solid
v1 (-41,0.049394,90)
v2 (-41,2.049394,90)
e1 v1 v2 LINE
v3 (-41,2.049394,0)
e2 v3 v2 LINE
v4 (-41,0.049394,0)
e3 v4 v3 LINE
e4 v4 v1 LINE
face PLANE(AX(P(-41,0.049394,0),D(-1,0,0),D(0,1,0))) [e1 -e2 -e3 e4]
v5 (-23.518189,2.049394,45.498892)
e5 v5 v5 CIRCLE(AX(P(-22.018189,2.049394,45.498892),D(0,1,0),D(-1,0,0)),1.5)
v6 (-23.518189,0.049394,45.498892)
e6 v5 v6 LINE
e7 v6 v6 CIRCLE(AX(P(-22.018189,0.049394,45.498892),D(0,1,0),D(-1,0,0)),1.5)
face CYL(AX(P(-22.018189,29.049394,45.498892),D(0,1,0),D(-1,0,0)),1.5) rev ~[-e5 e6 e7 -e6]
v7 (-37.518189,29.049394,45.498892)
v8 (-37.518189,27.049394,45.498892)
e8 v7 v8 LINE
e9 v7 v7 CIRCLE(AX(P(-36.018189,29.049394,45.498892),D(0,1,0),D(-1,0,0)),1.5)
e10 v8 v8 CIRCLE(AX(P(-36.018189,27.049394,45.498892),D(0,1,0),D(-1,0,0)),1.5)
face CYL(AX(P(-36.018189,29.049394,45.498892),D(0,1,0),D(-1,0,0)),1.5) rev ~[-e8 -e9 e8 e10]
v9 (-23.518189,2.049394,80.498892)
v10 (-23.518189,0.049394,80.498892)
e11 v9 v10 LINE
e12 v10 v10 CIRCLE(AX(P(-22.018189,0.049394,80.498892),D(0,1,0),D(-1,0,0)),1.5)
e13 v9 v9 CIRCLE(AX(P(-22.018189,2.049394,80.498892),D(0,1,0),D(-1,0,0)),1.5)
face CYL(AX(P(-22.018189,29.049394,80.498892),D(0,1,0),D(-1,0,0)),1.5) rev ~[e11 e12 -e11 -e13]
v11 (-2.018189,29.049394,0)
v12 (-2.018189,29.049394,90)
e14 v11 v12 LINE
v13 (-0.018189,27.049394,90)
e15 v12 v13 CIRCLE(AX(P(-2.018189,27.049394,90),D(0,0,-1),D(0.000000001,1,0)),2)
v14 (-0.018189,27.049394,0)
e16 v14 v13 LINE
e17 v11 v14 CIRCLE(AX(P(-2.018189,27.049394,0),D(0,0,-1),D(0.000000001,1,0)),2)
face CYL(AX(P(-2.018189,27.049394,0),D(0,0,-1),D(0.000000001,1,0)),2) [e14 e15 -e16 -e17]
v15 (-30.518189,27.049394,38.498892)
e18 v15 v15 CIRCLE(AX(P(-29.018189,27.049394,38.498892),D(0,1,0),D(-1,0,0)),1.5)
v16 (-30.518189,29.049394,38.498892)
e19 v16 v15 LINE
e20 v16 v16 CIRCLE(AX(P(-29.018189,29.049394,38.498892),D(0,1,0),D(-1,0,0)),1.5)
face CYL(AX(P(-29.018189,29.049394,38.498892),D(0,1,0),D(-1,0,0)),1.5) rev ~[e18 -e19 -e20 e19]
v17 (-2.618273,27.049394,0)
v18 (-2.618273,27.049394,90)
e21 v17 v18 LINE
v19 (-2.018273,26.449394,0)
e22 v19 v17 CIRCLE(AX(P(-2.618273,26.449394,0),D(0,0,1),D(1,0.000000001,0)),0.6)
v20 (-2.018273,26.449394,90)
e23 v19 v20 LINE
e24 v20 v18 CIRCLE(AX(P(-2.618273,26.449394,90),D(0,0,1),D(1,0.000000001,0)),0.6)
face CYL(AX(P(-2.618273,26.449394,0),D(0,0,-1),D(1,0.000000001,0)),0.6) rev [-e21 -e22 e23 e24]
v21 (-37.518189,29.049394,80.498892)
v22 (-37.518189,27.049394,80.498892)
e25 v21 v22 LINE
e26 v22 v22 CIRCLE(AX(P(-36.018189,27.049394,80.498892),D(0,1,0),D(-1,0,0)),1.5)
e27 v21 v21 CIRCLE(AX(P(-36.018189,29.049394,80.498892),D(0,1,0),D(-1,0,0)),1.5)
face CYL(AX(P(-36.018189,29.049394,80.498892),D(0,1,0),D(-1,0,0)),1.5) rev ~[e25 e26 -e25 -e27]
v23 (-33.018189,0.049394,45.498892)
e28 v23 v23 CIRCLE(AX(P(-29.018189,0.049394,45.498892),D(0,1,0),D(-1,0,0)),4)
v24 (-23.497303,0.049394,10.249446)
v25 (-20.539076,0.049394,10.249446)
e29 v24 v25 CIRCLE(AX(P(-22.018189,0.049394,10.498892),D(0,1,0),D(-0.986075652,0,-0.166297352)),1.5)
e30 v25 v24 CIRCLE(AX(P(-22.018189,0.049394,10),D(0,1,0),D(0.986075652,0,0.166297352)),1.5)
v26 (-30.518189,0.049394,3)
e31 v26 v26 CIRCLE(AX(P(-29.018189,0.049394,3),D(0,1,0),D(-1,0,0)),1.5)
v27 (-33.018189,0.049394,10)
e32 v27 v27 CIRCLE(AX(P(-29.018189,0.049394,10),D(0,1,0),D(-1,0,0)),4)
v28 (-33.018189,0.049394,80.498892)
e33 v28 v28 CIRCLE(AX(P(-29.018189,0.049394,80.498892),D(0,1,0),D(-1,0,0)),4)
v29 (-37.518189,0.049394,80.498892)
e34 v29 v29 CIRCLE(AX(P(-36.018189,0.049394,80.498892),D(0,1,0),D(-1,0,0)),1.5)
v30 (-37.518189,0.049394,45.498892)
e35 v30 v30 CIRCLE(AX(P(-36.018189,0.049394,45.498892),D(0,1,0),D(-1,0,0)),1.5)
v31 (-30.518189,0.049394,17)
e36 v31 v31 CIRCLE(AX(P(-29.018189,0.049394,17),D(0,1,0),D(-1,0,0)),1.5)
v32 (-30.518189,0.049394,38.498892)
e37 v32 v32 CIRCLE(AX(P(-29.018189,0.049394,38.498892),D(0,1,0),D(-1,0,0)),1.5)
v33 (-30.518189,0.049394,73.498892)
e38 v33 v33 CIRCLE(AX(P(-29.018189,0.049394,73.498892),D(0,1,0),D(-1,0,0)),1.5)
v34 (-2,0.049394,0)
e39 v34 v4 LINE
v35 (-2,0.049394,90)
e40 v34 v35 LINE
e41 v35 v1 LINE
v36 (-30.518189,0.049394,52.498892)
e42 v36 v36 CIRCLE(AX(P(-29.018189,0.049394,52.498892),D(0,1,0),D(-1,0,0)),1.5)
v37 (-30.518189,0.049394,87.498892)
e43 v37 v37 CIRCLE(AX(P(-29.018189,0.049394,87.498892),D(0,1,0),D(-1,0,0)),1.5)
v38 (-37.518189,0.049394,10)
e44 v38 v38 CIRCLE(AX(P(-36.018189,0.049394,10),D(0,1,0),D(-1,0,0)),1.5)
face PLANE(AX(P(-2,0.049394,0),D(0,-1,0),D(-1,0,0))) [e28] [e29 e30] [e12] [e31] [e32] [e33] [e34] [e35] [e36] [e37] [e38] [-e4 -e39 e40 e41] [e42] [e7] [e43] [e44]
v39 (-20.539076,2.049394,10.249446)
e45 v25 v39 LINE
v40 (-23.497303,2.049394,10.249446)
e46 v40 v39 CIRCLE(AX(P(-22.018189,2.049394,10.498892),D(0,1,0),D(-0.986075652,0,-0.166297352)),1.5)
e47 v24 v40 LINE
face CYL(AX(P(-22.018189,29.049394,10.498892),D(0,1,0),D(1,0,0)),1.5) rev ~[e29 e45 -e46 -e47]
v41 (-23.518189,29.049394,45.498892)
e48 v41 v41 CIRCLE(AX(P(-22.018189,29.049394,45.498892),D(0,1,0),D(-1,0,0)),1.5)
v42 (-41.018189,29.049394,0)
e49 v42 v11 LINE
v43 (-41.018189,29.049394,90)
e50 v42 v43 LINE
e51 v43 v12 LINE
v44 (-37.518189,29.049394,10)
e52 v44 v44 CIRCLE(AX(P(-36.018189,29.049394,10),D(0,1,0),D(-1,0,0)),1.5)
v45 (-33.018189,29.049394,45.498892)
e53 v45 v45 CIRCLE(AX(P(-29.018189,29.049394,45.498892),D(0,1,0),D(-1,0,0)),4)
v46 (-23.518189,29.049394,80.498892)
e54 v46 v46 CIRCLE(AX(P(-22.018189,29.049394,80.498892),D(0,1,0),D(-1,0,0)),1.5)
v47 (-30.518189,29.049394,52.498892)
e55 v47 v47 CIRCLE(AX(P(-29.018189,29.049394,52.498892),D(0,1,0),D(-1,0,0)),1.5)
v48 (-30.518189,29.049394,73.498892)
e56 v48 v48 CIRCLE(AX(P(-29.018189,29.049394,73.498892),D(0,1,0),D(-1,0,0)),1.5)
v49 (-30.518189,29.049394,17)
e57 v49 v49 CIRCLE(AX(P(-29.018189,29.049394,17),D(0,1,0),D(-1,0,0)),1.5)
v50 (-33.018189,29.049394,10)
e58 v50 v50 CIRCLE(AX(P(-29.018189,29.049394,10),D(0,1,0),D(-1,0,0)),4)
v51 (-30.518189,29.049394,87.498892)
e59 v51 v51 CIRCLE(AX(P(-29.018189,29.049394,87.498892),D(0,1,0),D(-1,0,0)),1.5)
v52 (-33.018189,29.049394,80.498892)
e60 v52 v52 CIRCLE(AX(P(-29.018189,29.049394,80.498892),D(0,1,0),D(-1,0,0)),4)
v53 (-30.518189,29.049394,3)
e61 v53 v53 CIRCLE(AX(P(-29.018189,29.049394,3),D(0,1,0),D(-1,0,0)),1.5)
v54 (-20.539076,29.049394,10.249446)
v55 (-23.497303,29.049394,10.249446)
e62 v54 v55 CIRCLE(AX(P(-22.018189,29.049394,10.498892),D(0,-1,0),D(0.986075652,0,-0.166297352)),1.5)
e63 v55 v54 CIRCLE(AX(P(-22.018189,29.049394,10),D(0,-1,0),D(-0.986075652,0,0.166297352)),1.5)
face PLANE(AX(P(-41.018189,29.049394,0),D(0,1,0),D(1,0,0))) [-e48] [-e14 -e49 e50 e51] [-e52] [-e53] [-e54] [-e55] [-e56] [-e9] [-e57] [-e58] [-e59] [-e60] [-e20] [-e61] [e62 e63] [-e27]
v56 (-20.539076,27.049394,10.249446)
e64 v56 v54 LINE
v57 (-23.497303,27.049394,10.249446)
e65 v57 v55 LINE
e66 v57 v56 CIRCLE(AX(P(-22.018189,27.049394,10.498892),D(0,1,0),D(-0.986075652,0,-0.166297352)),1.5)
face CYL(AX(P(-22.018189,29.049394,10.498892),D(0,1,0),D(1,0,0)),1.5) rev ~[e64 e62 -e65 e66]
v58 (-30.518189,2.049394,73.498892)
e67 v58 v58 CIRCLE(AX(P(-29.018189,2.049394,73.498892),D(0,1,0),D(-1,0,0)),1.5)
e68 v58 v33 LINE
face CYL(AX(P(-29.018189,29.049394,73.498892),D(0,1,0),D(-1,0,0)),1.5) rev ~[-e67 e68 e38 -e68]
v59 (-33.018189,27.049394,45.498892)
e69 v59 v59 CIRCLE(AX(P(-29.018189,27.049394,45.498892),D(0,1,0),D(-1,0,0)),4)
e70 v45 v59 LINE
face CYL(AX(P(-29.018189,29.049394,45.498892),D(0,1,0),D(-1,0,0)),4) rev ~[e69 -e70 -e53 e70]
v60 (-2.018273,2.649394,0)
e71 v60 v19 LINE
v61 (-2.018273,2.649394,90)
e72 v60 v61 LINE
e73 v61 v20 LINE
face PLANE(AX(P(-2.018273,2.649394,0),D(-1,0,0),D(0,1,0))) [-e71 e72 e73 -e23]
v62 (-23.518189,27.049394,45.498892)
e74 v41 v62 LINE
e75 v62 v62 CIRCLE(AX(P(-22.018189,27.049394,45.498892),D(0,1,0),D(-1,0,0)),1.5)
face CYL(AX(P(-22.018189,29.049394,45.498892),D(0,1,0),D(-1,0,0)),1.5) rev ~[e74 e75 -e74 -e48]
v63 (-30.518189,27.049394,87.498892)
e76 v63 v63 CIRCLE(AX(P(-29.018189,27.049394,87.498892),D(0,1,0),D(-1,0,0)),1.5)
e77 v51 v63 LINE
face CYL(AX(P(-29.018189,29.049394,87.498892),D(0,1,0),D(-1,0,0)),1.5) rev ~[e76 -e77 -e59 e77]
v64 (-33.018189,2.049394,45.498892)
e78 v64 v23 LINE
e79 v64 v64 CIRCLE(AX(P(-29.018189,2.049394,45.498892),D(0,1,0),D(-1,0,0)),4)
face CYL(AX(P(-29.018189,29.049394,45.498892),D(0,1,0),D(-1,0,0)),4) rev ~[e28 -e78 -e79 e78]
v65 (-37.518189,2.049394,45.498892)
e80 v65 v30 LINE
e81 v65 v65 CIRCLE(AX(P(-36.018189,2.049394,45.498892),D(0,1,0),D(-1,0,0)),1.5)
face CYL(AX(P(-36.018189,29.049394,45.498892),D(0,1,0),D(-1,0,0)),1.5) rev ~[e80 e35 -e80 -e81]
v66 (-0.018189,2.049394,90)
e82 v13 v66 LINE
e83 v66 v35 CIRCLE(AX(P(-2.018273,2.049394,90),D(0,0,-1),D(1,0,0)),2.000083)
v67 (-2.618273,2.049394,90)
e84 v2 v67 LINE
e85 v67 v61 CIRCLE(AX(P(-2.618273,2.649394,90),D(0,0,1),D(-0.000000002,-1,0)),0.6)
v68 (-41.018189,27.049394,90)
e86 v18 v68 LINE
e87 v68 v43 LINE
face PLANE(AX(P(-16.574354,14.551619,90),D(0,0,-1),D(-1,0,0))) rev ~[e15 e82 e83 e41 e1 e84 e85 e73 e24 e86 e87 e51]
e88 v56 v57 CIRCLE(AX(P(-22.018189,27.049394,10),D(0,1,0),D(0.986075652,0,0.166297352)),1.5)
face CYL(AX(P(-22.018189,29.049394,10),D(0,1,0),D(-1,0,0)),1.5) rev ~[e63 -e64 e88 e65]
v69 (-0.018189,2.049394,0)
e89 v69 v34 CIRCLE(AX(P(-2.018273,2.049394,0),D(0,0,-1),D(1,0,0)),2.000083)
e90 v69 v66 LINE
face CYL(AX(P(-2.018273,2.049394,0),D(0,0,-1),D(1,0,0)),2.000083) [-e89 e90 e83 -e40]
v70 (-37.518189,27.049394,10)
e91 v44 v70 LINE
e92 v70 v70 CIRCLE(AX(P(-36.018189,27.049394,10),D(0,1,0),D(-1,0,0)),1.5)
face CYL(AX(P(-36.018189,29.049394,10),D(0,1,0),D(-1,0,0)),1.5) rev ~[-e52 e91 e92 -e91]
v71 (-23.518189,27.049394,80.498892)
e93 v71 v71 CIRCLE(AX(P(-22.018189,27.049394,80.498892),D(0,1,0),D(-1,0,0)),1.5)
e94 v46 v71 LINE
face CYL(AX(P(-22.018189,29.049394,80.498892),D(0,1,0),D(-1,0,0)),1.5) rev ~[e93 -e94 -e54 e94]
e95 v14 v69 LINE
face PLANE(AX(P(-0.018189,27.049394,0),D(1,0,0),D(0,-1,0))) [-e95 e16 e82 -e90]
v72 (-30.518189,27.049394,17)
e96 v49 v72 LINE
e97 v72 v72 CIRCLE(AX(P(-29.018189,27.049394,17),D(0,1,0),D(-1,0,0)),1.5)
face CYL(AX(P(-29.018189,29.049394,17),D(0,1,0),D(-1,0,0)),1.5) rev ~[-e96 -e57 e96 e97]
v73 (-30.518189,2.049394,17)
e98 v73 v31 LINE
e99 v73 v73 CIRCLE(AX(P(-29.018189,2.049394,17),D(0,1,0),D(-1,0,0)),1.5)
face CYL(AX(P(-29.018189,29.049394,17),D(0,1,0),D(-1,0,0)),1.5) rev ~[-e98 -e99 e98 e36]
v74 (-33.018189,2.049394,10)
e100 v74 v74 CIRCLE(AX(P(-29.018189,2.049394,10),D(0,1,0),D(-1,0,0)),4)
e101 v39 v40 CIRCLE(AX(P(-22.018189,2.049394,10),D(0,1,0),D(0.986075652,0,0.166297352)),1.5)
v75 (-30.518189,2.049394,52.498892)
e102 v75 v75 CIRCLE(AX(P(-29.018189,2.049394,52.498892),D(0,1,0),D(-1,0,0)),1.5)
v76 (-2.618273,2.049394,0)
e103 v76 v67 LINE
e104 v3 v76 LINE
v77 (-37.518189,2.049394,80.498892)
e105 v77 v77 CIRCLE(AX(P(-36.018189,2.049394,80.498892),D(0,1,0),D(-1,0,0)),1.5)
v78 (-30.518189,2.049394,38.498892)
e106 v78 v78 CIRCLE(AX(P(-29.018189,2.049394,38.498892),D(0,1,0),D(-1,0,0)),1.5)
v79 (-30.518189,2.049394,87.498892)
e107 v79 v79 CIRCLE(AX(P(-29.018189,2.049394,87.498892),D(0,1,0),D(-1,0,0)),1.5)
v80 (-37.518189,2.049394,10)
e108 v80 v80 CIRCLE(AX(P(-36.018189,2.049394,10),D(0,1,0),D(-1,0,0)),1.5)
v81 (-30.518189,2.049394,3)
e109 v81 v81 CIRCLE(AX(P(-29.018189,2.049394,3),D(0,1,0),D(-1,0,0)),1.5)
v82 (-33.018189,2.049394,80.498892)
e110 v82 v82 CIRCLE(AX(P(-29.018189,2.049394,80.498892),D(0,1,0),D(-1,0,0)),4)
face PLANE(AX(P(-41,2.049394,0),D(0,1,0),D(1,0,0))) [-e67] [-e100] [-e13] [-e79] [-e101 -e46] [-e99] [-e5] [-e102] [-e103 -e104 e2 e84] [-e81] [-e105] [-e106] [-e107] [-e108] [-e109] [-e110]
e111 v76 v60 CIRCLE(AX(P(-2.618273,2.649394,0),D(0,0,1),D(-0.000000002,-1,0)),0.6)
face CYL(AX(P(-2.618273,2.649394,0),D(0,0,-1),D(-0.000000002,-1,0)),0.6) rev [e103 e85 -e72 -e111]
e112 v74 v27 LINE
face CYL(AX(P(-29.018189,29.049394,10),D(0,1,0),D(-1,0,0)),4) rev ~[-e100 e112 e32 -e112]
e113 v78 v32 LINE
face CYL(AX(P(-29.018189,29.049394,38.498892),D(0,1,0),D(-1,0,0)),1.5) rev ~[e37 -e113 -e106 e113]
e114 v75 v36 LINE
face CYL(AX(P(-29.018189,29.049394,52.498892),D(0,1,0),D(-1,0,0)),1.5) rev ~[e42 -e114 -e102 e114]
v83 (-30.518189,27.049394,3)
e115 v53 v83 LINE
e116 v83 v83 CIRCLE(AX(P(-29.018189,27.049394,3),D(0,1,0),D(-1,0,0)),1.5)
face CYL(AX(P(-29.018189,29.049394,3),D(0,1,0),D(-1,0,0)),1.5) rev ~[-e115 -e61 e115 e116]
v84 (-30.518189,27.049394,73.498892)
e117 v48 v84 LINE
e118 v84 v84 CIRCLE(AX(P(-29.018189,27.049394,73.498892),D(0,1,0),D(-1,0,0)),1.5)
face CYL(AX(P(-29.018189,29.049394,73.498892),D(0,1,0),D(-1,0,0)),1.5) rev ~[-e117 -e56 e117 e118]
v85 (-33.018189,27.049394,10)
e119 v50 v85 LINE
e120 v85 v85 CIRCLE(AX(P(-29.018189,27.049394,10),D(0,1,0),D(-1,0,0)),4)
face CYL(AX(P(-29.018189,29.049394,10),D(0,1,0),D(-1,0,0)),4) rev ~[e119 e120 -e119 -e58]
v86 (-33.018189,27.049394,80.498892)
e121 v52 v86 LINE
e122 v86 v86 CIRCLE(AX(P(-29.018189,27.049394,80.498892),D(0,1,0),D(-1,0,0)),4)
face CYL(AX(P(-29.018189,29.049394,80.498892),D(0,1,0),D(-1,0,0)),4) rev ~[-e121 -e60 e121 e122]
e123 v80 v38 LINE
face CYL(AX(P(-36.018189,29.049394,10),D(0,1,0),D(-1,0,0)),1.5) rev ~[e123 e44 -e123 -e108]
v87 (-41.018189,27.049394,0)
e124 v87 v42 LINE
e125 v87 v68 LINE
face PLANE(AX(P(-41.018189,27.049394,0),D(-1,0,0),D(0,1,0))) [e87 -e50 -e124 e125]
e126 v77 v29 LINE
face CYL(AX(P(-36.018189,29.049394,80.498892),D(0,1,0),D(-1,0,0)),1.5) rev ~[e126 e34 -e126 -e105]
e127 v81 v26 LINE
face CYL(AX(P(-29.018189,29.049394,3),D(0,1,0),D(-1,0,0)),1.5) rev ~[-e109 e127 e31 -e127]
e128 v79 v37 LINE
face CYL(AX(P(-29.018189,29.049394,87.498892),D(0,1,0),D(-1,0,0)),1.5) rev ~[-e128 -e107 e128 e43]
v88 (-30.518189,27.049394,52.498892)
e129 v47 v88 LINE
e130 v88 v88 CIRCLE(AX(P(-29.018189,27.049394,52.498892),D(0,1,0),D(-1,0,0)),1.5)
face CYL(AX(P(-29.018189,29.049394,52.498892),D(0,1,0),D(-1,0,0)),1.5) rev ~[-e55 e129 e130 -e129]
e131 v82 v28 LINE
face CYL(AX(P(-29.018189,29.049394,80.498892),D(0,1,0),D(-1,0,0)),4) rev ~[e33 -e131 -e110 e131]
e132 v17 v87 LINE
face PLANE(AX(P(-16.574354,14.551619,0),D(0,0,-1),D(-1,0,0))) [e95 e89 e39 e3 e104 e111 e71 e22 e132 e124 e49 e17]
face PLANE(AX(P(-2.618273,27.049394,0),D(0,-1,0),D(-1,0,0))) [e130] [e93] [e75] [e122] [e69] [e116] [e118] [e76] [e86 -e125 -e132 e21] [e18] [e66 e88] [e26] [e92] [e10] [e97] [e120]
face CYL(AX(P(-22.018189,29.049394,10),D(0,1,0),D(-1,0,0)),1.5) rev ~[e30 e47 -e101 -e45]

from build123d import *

# Parameters (mm, degrees)
BOSS_EXTRUDE1_DEPTH = 90
SKETCH4_R           = 1.5
SKETCH4_R_2         = 4
CUT_EXTRUDE1_DEPTH  = 31
SKETCH6_R           = 4
SKETCH6_R_2         = 1.5
CUT_EXTRUDE2_DEPTH  = 31


with BuildPart() as part:
    # Sketch3 → Boss-Extrude1 (new body)
    with BuildSketch(Plane.XY):
        with BuildLine():
            Line((-2, 0.049393959), (-41, 0.049393959))
            Line((-41, 0.049393959), (-41, 2.049393959))
            Line((-41, 2.049393959), (-2.618272552, 2.049393959))
            ThreePointArc((-2.618272552, 2.049393959), (-2.194008483, 2.22512989), (-2.018272552, 2.649393959))
            Line((-2.018272552, 2.649393959), (-2.018272552, 26.449393959))
            ThreePointArc((-2.018272552, 26.449393959), (-2.194008483, 26.873658027), (-2.618272552, 27.049393959))
            Line((-2.618272552, 27.049393959), (-41.018189082, 27.049393959))
            Line((-41.018189082, 27.049393959), (-41.018189082, 29.049393959))
            Line((-41.018189082, 29.049393959), (-2.018189082, 29.049393959))
            ThreePointArc((-2.018189082, 29.049393959), (-0.60397552, 28.463607521), (-0.018189082, 27.049393959))
            Line((-0.018189082, 27.049393959), (-0.018189082, 2.049393959))
            ThreePointArc((-0.018189082, 2.049393959), (-0.597554333, 0.64159652), (-2, 0.049393959))
        make_face()
    extrude(amount=BOSS_EXTRUDE1_DEPTH)

    # Sketch4 → Cut-Extrude1 (cut)
    with BuildSketch(Plane(origin=(0, 29.049393959, 0), x_dir=(1, 0, 0), z_dir=(0, 1, 0))):
        with Locations(Location((-29.018189082, -3, 0), (0, 0, 180))):
            Circle(SKETCH4_R)
        with Locations(Location((-36.018189082, -10, 0), (0, 0, 180))):
            Circle(SKETCH4_R)
        with Locations(Location((-29.018189082, -10, 0), (0, 0, 180))):
            Circle(SKETCH4_R_2)
        with Locations(Location((-22.018189082, -10, 0), (0, 0, 180))):
            Circle(SKETCH4_R)
        with Locations(Location((-29.018189082, -17, 0), (0, 0, 180))):
            Circle(SKETCH4_R)
    extrude(amount=-CUT_EXTRUDE1_DEPTH, mode=Mode.SUBTRACT)

    # Sketch6 → Cut-Extrude2 (cut)
    with BuildSketch(Plane(origin=(0, 29.049393959, 0), x_dir=(1, 0, 0), z_dir=(0, 1, 0))):
        with Locations(Location((-29.018189082, -45.498892055, 0), (0, 0, 180))):
            Circle(SKETCH6_R)
        with Locations(Location((-29.018189082, -80.498892055, 0), (0, 0, 180))):
            Circle(SKETCH6_R)
        with Locations(Location((-36.018189082, -45.498892055, 0), (0, 0, 180))):
            Circle(SKETCH6_R_2)
        with Locations(Location((-36.018189082, -80.498892055, 0), (0, 0, 180))):
            Circle(SKETCH6_R_2)
        with Locations((5.981810918, -52.498892055)):
            Circle(SKETCH6_R_2)
        with Locations(Location((-29.018189082, -52.498892055, 0), (0, 0, 180))):
            Circle(SKETCH6_R_2)
        with Locations((-22.018189082, -10.498892055)):
            Circle(SKETCH6_R_2)
        with Locations(Location((-22.018189082, -45.498892055, 0), (0, 0, 180))):
            Circle(SKETCH6_R_2)
        with Locations((-64.018189082, -38.498892055)):
            Circle(SKETCH6_R_2)
        with Locations(Location((-29.018189082, -38.498892055, 0), (0, 0, 180))):
            Circle(SKETCH6_R_2)
        with Locations(Location((-29.018189082, -73.498892055, 0), (0, 0, 180))):
            Circle(SKETCH6_R_2)
        with Locations(Location((-22.018189082, -80.498892055, 0), (0, 0, 180))):
            Circle(SKETCH6_R_2)
        with Locations(Location((-29.018189082, -87.498892055, 0), (0, 0, 180))):
            Circle(SKETCH6_R_2)
    extrude(amount=-CUT_EXTRUDE2_DEPTH, mode=Mode.SUBTRACT)


solid = part.part
